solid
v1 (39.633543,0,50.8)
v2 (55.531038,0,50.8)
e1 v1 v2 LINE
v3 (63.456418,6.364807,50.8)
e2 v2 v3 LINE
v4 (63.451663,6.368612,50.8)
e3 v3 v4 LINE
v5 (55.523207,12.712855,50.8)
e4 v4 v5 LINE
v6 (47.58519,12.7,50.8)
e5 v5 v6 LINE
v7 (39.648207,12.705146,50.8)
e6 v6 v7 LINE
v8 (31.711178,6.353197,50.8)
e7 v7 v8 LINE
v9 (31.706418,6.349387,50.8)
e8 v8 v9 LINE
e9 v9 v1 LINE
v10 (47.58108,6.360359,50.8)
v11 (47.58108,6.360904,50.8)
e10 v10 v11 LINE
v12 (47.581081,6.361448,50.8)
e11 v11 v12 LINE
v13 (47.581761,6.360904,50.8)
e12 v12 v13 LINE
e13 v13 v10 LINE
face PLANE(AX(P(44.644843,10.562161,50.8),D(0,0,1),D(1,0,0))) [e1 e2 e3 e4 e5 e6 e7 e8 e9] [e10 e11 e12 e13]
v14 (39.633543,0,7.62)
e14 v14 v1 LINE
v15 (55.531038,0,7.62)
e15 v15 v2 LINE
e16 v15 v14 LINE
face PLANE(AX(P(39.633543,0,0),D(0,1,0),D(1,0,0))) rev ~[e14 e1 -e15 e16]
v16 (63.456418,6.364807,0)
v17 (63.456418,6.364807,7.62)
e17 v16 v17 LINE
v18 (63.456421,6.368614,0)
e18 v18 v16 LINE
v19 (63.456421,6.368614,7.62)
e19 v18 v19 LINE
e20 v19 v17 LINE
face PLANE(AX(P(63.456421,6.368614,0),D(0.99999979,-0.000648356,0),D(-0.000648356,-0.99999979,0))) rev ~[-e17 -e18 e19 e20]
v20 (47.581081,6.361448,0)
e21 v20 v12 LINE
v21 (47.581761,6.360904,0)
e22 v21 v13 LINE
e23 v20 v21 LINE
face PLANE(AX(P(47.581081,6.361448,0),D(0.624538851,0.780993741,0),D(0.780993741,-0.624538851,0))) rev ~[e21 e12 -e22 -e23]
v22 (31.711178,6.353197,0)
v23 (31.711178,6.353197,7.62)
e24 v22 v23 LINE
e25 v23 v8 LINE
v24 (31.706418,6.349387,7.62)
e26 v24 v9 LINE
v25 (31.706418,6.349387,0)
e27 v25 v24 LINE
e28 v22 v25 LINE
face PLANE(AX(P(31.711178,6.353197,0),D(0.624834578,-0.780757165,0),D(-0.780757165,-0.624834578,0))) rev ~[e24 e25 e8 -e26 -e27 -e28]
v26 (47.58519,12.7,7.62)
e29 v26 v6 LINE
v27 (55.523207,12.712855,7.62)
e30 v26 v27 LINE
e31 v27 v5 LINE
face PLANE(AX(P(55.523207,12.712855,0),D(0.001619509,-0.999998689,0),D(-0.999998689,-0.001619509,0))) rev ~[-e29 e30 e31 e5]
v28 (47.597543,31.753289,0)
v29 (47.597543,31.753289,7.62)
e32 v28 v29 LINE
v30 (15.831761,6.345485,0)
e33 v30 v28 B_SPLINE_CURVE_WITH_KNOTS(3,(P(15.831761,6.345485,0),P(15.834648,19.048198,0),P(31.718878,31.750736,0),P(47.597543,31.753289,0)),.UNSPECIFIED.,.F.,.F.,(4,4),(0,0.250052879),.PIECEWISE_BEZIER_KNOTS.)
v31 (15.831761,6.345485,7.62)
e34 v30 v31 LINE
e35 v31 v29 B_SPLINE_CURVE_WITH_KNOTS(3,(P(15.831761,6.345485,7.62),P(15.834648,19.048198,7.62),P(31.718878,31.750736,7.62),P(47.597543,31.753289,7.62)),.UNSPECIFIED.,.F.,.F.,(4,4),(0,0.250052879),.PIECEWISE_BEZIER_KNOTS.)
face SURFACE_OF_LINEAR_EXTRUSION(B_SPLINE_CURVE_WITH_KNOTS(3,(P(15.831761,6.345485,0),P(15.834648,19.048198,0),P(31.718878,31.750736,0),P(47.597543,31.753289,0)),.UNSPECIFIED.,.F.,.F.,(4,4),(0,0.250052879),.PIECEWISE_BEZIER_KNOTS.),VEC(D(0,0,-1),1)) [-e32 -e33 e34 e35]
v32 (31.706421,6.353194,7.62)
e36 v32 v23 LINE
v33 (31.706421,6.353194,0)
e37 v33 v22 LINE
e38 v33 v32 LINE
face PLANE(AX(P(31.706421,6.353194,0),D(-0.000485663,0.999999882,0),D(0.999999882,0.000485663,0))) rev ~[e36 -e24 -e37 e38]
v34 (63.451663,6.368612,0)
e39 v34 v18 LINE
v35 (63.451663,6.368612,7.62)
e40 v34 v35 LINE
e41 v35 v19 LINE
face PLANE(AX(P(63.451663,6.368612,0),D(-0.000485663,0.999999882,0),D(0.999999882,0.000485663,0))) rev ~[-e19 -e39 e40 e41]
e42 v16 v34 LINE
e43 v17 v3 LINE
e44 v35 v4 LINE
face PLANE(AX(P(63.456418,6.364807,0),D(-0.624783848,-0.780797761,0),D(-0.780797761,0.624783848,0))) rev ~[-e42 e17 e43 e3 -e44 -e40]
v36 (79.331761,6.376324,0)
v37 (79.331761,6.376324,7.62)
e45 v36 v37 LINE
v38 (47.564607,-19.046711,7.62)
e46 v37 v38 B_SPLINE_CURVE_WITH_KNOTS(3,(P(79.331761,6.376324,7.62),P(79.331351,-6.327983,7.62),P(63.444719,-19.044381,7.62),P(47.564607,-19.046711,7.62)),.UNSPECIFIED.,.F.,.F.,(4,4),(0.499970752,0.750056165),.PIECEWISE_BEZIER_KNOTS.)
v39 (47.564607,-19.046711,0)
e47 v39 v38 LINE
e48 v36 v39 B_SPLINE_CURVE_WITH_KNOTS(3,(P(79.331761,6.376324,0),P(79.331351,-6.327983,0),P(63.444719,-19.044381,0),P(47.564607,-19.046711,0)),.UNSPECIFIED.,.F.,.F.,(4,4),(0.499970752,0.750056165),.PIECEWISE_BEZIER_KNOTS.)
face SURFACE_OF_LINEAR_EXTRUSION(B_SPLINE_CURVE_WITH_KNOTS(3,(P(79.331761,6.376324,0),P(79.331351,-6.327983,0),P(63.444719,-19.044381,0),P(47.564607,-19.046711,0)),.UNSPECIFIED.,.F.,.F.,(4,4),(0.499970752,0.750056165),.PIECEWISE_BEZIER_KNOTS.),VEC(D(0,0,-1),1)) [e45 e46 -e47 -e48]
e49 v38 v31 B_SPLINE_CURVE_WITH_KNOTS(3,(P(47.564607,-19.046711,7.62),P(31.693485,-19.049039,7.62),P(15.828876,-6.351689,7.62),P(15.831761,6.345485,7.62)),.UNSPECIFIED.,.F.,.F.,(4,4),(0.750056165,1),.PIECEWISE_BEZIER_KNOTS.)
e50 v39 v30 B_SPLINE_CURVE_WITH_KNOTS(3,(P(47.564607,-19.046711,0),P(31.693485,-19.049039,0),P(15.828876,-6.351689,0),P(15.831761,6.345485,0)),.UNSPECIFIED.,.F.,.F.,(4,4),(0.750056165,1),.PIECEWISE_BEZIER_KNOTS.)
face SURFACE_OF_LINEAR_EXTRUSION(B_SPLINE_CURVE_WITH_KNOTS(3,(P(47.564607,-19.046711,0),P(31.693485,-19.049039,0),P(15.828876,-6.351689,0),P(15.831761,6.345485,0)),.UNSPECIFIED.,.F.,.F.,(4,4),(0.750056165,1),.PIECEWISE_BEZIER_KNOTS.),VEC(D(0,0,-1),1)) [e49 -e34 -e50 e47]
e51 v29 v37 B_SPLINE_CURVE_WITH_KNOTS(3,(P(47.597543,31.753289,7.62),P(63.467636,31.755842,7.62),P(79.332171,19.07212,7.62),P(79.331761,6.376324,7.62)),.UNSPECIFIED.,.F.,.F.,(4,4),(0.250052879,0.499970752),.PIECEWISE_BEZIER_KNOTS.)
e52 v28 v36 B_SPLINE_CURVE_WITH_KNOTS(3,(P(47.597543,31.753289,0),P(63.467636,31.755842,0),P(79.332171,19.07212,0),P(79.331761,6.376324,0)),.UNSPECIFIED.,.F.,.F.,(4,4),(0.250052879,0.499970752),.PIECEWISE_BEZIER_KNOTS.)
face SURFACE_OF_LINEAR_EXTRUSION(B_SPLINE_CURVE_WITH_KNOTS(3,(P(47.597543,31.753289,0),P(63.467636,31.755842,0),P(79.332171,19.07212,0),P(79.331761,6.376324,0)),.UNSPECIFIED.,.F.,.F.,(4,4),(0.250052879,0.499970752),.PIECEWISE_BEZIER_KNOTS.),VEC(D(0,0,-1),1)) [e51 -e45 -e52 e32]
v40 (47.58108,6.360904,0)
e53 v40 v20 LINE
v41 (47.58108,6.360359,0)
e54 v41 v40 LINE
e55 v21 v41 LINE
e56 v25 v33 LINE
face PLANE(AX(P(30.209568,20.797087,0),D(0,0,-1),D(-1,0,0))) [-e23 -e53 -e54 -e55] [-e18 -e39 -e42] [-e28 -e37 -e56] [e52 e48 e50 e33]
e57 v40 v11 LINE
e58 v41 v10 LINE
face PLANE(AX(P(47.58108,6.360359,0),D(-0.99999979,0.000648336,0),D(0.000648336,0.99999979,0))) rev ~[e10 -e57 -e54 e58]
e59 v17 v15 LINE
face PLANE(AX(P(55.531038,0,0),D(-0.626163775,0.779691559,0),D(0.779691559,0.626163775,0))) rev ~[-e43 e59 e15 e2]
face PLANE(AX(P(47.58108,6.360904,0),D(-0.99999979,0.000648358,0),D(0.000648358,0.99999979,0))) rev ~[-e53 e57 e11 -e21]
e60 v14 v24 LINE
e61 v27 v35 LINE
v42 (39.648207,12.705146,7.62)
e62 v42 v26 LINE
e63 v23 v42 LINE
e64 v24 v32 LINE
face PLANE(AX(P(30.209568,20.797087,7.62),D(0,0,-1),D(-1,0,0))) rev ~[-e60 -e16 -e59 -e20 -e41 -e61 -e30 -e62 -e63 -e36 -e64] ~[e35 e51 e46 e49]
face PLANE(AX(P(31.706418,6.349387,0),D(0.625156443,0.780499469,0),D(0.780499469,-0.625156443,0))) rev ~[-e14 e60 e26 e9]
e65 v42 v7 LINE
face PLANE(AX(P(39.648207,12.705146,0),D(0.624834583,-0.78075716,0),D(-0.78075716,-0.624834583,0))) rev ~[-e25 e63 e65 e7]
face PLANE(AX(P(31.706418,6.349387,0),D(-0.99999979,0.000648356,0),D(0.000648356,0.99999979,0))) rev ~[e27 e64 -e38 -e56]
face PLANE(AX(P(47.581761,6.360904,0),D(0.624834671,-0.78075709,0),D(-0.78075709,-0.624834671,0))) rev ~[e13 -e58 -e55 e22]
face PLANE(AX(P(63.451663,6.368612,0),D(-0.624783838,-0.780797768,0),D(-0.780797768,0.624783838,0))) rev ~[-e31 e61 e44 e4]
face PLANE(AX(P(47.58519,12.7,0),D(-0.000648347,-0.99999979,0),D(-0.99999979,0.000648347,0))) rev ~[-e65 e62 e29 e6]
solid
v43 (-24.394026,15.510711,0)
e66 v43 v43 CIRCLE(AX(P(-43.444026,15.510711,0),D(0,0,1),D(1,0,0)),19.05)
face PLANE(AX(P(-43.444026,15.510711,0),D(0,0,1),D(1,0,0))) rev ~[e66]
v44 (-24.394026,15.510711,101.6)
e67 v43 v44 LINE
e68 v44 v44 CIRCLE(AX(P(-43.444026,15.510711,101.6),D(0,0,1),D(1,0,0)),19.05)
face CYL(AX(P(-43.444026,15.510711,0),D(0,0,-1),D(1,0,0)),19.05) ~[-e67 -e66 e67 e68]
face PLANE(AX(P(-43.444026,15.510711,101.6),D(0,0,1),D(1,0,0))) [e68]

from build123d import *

# Parameters (mm, degrees)
F0_R     = 19.05
F1_DEPTH = 101.6
F2_DEPTH = 7.62
F3_DEPTH = 50.8


with BuildPart() as f1:
    # F0 (on Top) → F1 (new body)
    with BuildSketch(Plane.XY):
        with Locations((-43.4440262616, 15.5107108876)):
            Circle(F0_R)
    extrude(amount=F1_DEPTH)


with BuildPart() as f2:
    # F0 (on Top) → F2 (new body)
    with BuildSketch(Plane.XY):
        with BuildLine():
            add(Edge.make_bspline(
                [(15.8317610621, 6.3454846482), (15.8346477167, 19.0481979973), (31.7188776126, 31.7507355826), (47.5975433517, 31.7532892549)],
                knots=[0, 0, 0, 0, 0.2500528794, 0.2500528794, 0.2500528794, 0.2500528794], degree=3))
            Line((15.8317610621, 6.3454846482), (31.7146522069, 19.0493869516))
            Line((31.7146522069, 19.0493869516), (47.5975433517, 31.7532892549))
        make_face()
        with BuildLine():
            add(Edge.make_bspline(
                [(47.5975433517, 31.7532892549), (63.4676360014, 31.7558415485), (79.332170501, 19.0721199858), (79.3317610621, 6.3763237987)],
                knots=[0.2500528794, 0.2500528794, 0.2500528794, 0.2500528794, 0.4999707521, 0.4999707521, 0.4999707521, 0.4999707521], degree=3))
            Line((47.5975433517, 31.7532892549), (63.4646522069, 19.0648065268))
            Line((63.4646522069, 19.0648065268), (79.3317610621, 6.3763237987))
        make_face()
        with BuildLine():
            Line((63.4481841962, -6.3351934732), (47.5646073302, -19.0467107451))
            add(Edge.make_bspline(
                [(79.3317610621, 6.3763237987), (79.3313513488, -6.3279834193), (63.4447194269, -19.0443814564), (47.5646073302, -19.0467107451)],
                knots=[0.4999707521, 0.4999707521, 0.4999707521, 0.4999707521, 0.7500561652, 0.7500561652, 0.7500561652, 0.7500561652], degree=3))
            Line((79.3317610621, 6.3763237987), (63.4481841962, -6.3351934732))
        make_face()
        with BuildLine():
            Line((31.6981841962, -6.3506130484), (15.8317610621, 6.3454846482))
            add(Edge.make_bspline(
                [(47.5646073302, -19.0467107451), (31.6934852757, -19.0490387151), (15.8288756664, -6.3516892281), (15.8317610621, 6.3454846482)],
                knots=[0.7500561652, 0.7500561652, 0.7500561652, 0.7500561652, 1, 1, 1, 1], degree=3))
            Line((47.5646073302, -19.0467107451), (31.6981841962, -6.3506130484))
        make_face()
        Polygon((31.70642067, 6.3531942705), (15.8317610621, 6.3454846482), (31.6981841962, -6.3506130484), (31.7064182015, 6.3493869516), align=None)
        Polygon((31.7146522069, 19.0493869516), (15.8317610621, 6.3454846482), (31.70642067, 6.3531942705), align=None)
        Polygon((31.7146522069, 19.0493869516), (31.70642067, 6.3531942705), (31.7111784944, 6.3531965812), (39.6482066345, 12.7051455875), align=None)
        Polygon((47.5893118148, 19.0570965739), (31.7146522069, 19.0493869516), (39.6482066345, 12.7051455875), (47.5851902108, 12.699999669), align=None)
        Polygon((47.5893118148, 19.0570965739), (47.5975433517, 31.7532892549), (31.7146522069, 19.0493869516), align=None)
        Polygon((63.4646522069, 19.0648065268), (47.5975433517, 31.7532892549), (47.5893118148, 19.0570965739), align=None)
        Polygon((63.4646522069, 19.0648065268), (47.5893118148, 19.0570965739), (47.5851902108, 12.699999669), (55.5232066345, 12.7128553751), align=None)
        Polygon((63.45642067, 6.3686138458), (63.4646522069, 19.0648065268), (55.5232066345, 12.7128553751), (63.4516630497, 6.3686115352), align=None)
        Polygon((63.45642067, 6.3686138458), (79.3317610621, 6.3763237987), (63.4646522069, 19.0648065268), align=None)
        Polygon((63.4481841962, -6.3351934732), (79.3317610621, 6.3763237987), (63.45642067, 6.3686138458), (63.4564182015, 6.3648065268), align=None)
        Polygon((55.5310381027, 0), (63.4481841962, -6.3351934732), (63.4564182015, 6.3648065268), align=None)
        Polygon((47.5769562057, 0), (47.572843804, -6.3429034261), (63.4481841962, -6.3351934732), (55.5310381027, 0), (47.5822905516, 0), align=None)
        Polygon((47.572843804, -6.3429034261), (47.5646073302, -19.0467107451), (63.4481841962, -6.3351934732), align=None)
        Polygon((31.6981841962, -6.3506130484), (47.5646073302, -19.0467107451), (47.572843804, -6.3429034261), align=None)
        Polygon((39.6335430006, 0), (31.6981841962, -6.3506130484), (47.572843804, -6.3429034261), (47.5769562057, 0), align=None)
        Polygon((31.7064182015, 6.3493869516), (31.6981841962, -6.3506130484), (39.6335430006, 0), align=None)
    extrude(amount=F2_DEPTH)

    # F0 (on Top) → F3 (join)
    with BuildSketch(Plane.XY):
        Polygon((47.5851902108, 12.699999669), (39.6482066345, 12.7051455875), (47.5810806309, 6.3614483453), align=None)
        Polygon((55.5232066345, 12.7128553751), (47.5851902108, 12.699999669), (47.5810806309, 6.3614483453), (47.5817610621, 6.3609042235), align=None)
        Polygon((63.4516630497, 6.3686115352), (55.5232066345, 12.7128553751), (47.5817610621, 6.3609042235), align=None)
        Polygon((55.5310381027, 0), (63.4564182015, 6.3648065268), (63.4516630497, 6.3686115352), (47.5817610621, 6.3609042235), align=None)
        Polygon((47.5810799247, 6.3603591138), (47.5769562057, 0), (47.5822905516, 0), (55.5310381027, 0), (47.5817610621, 6.3609042235), align=None)
        Polygon((47.5810799247, 6.3603591138), (39.6335430006, 0), (47.5769562057, 0), align=None)
        Polygon((47.5810802779, 6.3609038928), (31.7111784944, 6.3531965812), (31.7064182015, 6.3493869516), (39.6335430006, 0), (47.5810799247, 6.3603591138), align=None)
        Polygon((39.6482066345, 12.7051455875), (31.7111784944, 6.3531965812), (47.5810802779, 6.3609038928), (47.5810806309, 6.3614483453), align=None)
    extrude(amount=F3_DEPTH)


solid = Compound([f1.part, f2.part])
